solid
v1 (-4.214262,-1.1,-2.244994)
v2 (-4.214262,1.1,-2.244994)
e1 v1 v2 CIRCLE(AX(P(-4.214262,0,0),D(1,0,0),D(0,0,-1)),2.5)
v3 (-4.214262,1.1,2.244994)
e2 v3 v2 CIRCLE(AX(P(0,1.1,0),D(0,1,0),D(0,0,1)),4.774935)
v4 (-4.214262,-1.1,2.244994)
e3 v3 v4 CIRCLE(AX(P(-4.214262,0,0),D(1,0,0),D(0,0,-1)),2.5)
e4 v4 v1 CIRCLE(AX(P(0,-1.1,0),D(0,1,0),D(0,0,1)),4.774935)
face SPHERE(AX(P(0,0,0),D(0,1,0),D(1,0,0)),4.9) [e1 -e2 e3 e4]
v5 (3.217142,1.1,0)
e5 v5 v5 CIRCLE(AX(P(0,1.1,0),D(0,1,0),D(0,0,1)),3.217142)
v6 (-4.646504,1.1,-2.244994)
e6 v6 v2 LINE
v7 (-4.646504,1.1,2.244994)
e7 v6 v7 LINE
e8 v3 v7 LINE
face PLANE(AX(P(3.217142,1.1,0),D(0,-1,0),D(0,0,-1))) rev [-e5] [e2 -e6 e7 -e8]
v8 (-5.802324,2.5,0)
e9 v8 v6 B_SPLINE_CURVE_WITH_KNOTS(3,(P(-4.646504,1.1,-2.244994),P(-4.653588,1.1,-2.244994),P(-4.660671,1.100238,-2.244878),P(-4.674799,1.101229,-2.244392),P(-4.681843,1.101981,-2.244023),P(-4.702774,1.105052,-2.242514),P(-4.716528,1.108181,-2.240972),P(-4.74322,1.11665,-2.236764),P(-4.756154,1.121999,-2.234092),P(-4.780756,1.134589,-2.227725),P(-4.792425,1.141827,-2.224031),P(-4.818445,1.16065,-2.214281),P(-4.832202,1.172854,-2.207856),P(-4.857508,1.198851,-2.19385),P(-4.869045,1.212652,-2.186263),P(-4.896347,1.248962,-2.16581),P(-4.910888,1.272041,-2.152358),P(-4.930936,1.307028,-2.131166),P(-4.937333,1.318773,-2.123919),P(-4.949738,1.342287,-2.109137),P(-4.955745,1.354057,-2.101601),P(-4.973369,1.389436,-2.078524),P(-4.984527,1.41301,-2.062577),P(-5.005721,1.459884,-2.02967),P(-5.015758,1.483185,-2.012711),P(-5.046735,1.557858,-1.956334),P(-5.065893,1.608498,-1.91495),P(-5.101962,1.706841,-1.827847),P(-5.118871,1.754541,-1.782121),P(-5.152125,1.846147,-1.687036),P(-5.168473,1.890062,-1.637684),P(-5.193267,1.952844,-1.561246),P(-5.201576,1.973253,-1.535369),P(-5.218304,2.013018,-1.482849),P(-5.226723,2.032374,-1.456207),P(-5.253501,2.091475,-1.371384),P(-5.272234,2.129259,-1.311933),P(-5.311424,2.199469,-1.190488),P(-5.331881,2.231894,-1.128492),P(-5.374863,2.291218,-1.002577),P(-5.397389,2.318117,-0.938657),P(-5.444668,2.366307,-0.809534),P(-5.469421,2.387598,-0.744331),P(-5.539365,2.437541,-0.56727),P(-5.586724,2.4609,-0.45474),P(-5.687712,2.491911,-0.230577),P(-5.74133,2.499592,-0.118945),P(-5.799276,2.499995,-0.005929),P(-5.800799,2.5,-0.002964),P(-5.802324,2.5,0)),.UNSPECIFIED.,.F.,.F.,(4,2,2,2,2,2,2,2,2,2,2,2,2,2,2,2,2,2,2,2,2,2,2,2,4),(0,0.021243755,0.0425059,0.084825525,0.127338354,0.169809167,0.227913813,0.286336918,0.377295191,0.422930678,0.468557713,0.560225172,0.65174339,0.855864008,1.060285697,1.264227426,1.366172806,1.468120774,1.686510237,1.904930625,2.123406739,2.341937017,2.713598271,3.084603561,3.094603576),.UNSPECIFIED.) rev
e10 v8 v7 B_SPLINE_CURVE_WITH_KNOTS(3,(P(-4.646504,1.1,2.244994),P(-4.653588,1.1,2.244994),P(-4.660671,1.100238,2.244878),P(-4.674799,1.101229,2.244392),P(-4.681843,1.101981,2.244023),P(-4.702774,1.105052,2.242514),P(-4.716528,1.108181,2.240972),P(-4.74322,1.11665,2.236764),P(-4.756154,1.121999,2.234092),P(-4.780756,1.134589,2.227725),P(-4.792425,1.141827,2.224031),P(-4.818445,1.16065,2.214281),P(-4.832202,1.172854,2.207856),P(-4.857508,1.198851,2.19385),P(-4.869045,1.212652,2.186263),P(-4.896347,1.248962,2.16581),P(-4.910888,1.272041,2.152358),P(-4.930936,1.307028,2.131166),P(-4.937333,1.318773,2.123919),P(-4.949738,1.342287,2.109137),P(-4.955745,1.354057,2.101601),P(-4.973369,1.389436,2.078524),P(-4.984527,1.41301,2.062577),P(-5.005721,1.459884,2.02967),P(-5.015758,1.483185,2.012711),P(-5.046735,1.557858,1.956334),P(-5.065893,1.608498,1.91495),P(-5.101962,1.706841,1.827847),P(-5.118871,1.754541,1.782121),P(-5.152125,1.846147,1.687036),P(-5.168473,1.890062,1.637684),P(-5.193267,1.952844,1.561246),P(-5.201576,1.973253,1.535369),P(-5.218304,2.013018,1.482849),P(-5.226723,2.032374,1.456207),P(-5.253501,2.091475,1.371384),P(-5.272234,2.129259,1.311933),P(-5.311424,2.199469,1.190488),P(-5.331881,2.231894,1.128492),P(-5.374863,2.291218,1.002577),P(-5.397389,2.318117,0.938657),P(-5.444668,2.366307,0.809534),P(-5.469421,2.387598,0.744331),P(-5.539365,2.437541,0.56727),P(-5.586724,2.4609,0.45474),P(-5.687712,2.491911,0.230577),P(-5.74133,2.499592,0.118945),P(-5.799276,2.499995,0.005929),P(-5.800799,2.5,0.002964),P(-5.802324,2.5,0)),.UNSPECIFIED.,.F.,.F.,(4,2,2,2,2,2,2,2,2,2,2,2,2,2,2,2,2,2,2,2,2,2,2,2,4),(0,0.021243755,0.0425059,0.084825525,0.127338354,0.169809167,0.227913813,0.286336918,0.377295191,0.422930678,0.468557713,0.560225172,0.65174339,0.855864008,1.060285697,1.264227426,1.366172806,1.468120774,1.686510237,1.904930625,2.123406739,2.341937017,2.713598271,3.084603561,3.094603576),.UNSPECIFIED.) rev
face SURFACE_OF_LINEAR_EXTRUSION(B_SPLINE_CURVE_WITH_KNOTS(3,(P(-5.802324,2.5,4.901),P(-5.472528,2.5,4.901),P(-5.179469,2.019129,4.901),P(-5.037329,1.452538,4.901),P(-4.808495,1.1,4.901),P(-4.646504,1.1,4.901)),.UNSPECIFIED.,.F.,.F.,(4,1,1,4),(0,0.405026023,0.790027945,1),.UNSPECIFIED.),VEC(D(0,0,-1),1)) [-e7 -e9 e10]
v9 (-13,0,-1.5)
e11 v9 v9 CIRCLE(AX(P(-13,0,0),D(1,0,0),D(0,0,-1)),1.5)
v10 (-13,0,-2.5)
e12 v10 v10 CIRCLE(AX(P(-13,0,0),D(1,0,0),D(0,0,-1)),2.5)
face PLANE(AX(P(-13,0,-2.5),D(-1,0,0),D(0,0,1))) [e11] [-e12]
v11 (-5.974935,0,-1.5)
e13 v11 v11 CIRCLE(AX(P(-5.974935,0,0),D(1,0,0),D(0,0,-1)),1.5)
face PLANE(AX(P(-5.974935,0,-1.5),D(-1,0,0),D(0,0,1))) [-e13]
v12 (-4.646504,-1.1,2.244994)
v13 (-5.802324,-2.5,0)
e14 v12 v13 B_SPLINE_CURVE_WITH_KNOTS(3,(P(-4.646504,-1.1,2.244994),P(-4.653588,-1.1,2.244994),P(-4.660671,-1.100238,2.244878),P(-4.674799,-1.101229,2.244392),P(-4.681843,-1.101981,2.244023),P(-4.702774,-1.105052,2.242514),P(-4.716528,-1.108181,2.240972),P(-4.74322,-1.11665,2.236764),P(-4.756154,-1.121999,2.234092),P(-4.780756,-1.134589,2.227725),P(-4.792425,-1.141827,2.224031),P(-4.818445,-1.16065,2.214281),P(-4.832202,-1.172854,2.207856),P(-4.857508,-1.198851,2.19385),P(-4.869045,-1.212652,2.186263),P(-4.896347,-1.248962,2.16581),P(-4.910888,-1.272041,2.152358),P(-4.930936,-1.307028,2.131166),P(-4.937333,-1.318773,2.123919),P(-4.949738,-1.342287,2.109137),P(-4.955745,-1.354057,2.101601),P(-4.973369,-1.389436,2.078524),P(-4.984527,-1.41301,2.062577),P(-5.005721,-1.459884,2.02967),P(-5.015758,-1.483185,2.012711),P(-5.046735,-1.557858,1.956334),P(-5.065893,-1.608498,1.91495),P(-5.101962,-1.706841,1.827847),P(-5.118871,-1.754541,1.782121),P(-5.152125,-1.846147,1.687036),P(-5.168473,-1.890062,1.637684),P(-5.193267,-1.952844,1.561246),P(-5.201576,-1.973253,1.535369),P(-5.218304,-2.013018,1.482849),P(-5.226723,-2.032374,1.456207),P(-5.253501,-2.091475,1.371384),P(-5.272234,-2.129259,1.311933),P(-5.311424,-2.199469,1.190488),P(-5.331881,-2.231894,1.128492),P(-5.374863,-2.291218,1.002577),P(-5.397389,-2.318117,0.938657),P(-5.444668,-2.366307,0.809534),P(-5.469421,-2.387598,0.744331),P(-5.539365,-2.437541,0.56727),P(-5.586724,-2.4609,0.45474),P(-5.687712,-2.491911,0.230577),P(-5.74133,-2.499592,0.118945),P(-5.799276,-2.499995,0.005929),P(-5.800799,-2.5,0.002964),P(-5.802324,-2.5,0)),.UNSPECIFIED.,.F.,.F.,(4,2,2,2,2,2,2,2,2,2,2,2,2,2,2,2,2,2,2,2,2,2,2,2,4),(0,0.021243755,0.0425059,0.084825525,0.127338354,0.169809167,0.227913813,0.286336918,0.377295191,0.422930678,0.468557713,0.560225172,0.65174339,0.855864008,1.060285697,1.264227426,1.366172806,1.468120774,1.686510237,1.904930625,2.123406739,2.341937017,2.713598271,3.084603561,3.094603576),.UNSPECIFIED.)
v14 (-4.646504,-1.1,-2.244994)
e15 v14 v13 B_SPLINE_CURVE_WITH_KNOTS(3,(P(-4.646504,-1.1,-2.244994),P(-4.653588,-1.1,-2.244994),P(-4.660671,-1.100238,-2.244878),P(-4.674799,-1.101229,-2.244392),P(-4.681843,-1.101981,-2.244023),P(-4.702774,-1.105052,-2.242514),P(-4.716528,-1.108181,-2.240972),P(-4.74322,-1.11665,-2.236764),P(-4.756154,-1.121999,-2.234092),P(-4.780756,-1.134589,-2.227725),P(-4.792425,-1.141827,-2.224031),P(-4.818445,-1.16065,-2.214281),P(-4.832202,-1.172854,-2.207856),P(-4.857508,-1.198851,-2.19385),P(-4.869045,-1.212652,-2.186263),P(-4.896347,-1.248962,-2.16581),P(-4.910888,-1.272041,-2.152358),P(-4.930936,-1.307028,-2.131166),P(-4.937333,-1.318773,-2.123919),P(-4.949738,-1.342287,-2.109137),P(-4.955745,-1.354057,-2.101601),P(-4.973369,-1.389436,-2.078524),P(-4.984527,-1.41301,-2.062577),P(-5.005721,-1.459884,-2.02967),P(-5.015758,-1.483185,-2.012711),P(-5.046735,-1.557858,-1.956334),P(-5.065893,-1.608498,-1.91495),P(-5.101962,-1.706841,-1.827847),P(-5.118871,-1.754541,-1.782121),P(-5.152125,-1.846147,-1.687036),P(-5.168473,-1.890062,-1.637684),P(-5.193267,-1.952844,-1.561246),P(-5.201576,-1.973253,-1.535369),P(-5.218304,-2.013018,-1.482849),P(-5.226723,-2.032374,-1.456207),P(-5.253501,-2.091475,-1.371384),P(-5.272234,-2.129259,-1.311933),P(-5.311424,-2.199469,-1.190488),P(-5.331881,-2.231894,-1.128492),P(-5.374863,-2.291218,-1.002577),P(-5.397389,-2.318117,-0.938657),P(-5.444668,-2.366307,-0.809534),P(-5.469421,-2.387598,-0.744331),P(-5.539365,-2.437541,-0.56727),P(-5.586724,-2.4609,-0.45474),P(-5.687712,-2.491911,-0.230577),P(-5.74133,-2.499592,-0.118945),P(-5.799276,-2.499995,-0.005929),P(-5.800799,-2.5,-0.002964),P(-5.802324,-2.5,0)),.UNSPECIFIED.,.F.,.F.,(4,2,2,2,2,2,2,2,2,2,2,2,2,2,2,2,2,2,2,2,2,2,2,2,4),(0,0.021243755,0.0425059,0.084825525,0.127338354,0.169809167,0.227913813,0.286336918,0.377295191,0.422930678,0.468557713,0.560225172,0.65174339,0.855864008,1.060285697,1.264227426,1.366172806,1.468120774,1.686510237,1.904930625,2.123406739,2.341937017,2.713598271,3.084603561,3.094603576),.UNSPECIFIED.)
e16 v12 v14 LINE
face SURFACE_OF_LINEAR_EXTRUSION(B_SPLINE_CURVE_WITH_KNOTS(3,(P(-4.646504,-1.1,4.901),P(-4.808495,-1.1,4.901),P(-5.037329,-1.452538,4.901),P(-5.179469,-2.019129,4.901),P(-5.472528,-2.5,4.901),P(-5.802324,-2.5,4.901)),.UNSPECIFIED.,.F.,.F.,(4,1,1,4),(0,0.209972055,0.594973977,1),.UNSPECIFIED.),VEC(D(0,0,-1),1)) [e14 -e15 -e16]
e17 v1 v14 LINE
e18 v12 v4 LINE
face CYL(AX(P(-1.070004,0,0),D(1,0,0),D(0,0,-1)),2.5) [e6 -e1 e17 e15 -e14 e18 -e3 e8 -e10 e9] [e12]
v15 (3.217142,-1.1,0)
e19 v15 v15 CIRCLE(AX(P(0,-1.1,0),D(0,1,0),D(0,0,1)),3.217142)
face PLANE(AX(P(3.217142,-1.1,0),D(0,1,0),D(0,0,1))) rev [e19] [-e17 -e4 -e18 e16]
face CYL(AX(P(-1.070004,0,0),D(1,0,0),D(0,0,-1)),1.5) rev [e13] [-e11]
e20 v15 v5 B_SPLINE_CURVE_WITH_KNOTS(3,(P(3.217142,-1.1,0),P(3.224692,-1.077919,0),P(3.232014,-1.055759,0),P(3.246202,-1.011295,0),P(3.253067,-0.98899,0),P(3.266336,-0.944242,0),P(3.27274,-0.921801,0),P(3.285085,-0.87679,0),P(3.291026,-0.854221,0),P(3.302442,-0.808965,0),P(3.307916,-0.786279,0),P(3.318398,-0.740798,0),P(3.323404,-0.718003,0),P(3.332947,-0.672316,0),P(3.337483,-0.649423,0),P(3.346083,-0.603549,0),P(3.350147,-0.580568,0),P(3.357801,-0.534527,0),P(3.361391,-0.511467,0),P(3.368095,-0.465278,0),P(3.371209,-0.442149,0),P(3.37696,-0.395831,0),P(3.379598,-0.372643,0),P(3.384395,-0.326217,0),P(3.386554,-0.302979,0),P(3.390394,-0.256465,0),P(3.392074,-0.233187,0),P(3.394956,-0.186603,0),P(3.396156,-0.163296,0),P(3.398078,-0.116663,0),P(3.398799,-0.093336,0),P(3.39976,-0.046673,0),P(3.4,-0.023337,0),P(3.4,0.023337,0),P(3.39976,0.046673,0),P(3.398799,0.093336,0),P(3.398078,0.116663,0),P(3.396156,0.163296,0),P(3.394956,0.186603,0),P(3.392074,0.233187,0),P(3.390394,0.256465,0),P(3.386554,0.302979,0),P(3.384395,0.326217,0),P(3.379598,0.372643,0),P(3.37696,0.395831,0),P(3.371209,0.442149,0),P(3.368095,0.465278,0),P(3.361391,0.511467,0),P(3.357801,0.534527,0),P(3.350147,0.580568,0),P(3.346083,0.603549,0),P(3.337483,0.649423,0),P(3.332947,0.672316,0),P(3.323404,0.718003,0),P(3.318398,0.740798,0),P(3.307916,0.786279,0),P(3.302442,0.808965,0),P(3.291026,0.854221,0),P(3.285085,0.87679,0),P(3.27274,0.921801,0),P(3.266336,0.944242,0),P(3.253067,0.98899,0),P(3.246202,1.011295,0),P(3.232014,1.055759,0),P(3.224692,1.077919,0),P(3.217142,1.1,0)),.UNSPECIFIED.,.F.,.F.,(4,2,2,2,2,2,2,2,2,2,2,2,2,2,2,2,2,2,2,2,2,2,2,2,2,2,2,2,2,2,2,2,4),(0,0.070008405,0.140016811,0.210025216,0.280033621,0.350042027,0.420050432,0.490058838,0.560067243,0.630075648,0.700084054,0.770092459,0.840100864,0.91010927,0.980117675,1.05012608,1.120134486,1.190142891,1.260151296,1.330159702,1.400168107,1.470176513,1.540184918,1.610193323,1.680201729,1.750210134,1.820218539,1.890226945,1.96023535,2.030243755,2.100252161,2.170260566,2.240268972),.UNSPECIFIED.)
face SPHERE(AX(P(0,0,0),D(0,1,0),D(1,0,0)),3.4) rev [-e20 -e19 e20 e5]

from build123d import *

# Parameters (mm, degrees)
CUT_EXTRUDE1_REACH                  = 16.116
CUT_EXTRUDE1_END_RADIUS             = 2.5
CUT_EXTRUDE1_DIRECTION_2_REACH      = 16.116
CUT_EXTRUDE1_DIRECTION_2_END_RADIUS = 2.5


with BuildPart() as part:
    # Sketch2 → Revolve1 (revolve)
    with BuildSketch(Plane.XY):
        with BuildLine():
            Line((3.217141588, 1.1), (4.774934555, 1.1))
            ThreePointArc((4.774934555, 1.1), (4.9, 0), (4.774934555, -1.1))
            Line((4.774934555, -1.1), (3.217141588, -1.1))
            ThreePointArc((3.217141588, -1.1), (3.4, 0), (3.217141588, 1.1))
        make_face()
    revolve(axis=Axis((0, 4.071851736, 0), (0, -1, 0)))

    # Sketch3 → Revolve2 (revolve)
    with BuildSketch(Plane(origin=(0, 0, 0), x_dir=(1, 0, 0), z_dir=(0, 1, 0))):
        with BuildLine():
            Line((-13, 1.5), (-5.974934555, 1.5))
            Line((-5.974934555, 1.5), (-5.974934555, 0))
            Line((-5.974934555, 0), (-4.774934555, 0))
            ThreePointArc((-4.774934555, 0), (-4.594847185, 1.298991664), (-4.068169121, 2.5))
            Line((-4.068169121, 2.5), (-13, 2.5))
            Line((-13, 2.5), (-13, 1.5))
        make_face()
    revolve(axis=Axis((-1.070003769, 0, 0), (-1, 0, 0)))

    # Cut-Extrude1: up to this cylinder (the profile starts inside it)
    cut_extrude1_end = Plane(origin=(-4.461396, 0, 0), z_dir=(1, 0, 0)) * Cylinder(CUT_EXTRUDE1_END_RADIUS, 38.232024, mode=Mode.PRIVATE)
    # Sketch5 → Cut-Extrude1 (cut, up to the surface)
    with BuildSketch(Plane.XY, mode=Mode.PRIVATE) as cut_extrude1_sk1:
        with BuildLine():
            Line((-5.802324208, 2.5), (-3.740894424, 2.5))
            Line((-3.740894424, 2.5), (-3.740894424, 1.1))
            Line((-3.740894424, 1.1), (-4.646504062, 1.1))
            add(Edge.make_bspline(
                [(-4.646504062, 1.1), (-4.808494897, 1.1), (-5.037328654, 1.452538147), (-5.179468889, 2.019128522), (-5.472528246, 2.5), (-5.802324208, 2.5)],
                knots=[0, 0, 0, 0, 0.209972055, 0.594973977, 1, 1, 1, 1], degree=3))
        make_face()
    cut_extrude1_tool1 = extrude(cut_extrude1_sk1.sketch, amount=-CUT_EXTRUDE1_REACH, mode=Mode.PRIVATE) & cut_extrude1_end
    add(cut_extrude1_tool1.solids().sort_by_distance((-4.461384, 1.858771, 0))[0], mode=Mode.SUBTRACT)
    # Sketch5 → Cut-Extrude1 (cut, up to the surface)
    with BuildSketch(Plane.XY, mode=Mode.PRIVATE) as cut_extrude1_sk2:
        with BuildLine():
            Line((-3.740894424, -1.1), (-4.646504062, -1.1))
            add(Edge.make_bspline(
                [(-4.646504062, -1.1), (-4.808494897, -1.1), (-5.037328654, -1.452538147), (-5.179468889, -2.019128522), (-5.472528246, -2.5), (-5.802324208, -2.5)],
                knots=[0, 0, 0, 0, 0.209972055, 0.594973977, 1, 1, 1, 1], degree=3))
            Line((-5.802324208, -2.5), (-3.740894424, -2.5))
            Line((-3.740894424, -2.5), (-3.740894424, -1.1))
        make_face()
    cut_extrude1_tool2 = extrude(cut_extrude1_sk2.sketch, amount=-CUT_EXTRUDE1_REACH, mode=Mode.PRIVATE) & cut_extrude1_end
    add(cut_extrude1_tool2.solids().sort_by_distance((-4.461408, -1.858734, 0))[0], mode=Mode.SUBTRACT)

    # Cut-Extrude1 direction 2: up to this cylinder (the profile starts inside it)
    cut_extrude1_direction_2_end = Plane(origin=(-4.461396, 0, 0), z_dir=(1, 0, 0)) * Cylinder(CUT_EXTRUDE1_DIRECTION_2_END_RADIUS, 38.232024, mode=Mode.PRIVATE)
    # Sketch5 → Cut-Extrude1 direction 2 (cut, up to the surface)
    with BuildSketch(Plane.XY, mode=Mode.PRIVATE) as cut_extrude1_direction_2_sk1:
        with BuildLine():
            Line((-5.802324208, 2.5), (-3.740894424, 2.5))
            Line((-3.740894424, 2.5), (-3.740894424, 1.1))
            Line((-3.740894424, 1.1), (-4.646504062, 1.1))
            add(Edge.make_bspline(
                [(-4.646504062, 1.1), (-4.808494897, 1.1), (-5.037328654, 1.452538147), (-5.179468889, 2.019128522), (-5.472528246, 2.5), (-5.802324208, 2.5)],
                knots=[0, 0, 0, 0, 0.209972055, 0.594973977, 1, 1, 1, 1], degree=3))
        make_face()
    cut_extrude1_direction_2_tool1 = extrude(cut_extrude1_direction_2_sk1.sketch, amount=CUT_EXTRUDE1_DIRECTION_2_REACH, mode=Mode.PRIVATE) & cut_extrude1_direction_2_end
    add(cut_extrude1_direction_2_tool1.solids().sort_by_distance((-4.461384, 1.858771, 0))[0], mode=Mode.SUBTRACT)
    # Sketch5 → Cut-Extrude1 direction 2 (cut, up to the surface)
    with BuildSketch(Plane.XY, mode=Mode.PRIVATE) as cut_extrude1_direction_2_sk2:
        with BuildLine():
            Line((-3.740894424, -1.1), (-4.646504062, -1.1))
            add(Edge.make_bspline(
                [(-4.646504062, -1.1), (-4.808494897, -1.1), (-5.037328654, -1.452538147), (-5.179468889, -2.019128522), (-5.472528246, -2.5), (-5.802324208, -2.5)],
                knots=[0, 0, 0, 0, 0.209972055, 0.594973977, 1, 1, 1, 1], degree=3))
            Line((-5.802324208, -2.5), (-3.740894424, -2.5))
            Line((-3.740894424, -2.5), (-3.740894424, -1.1))
        make_face()
    cut_extrude1_direction_2_tool2 = extrude(cut_extrude1_direction_2_sk2.sketch, amount=CUT_EXTRUDE1_DIRECTION_2_REACH, mode=Mode.PRIVATE) & cut_extrude1_direction_2_end
    add(cut_extrude1_direction_2_tool2.solids().sort_by_distance((-4.461408, -1.858734, 0))[0], mode=Mode.SUBTRACT)


solid = part.part
